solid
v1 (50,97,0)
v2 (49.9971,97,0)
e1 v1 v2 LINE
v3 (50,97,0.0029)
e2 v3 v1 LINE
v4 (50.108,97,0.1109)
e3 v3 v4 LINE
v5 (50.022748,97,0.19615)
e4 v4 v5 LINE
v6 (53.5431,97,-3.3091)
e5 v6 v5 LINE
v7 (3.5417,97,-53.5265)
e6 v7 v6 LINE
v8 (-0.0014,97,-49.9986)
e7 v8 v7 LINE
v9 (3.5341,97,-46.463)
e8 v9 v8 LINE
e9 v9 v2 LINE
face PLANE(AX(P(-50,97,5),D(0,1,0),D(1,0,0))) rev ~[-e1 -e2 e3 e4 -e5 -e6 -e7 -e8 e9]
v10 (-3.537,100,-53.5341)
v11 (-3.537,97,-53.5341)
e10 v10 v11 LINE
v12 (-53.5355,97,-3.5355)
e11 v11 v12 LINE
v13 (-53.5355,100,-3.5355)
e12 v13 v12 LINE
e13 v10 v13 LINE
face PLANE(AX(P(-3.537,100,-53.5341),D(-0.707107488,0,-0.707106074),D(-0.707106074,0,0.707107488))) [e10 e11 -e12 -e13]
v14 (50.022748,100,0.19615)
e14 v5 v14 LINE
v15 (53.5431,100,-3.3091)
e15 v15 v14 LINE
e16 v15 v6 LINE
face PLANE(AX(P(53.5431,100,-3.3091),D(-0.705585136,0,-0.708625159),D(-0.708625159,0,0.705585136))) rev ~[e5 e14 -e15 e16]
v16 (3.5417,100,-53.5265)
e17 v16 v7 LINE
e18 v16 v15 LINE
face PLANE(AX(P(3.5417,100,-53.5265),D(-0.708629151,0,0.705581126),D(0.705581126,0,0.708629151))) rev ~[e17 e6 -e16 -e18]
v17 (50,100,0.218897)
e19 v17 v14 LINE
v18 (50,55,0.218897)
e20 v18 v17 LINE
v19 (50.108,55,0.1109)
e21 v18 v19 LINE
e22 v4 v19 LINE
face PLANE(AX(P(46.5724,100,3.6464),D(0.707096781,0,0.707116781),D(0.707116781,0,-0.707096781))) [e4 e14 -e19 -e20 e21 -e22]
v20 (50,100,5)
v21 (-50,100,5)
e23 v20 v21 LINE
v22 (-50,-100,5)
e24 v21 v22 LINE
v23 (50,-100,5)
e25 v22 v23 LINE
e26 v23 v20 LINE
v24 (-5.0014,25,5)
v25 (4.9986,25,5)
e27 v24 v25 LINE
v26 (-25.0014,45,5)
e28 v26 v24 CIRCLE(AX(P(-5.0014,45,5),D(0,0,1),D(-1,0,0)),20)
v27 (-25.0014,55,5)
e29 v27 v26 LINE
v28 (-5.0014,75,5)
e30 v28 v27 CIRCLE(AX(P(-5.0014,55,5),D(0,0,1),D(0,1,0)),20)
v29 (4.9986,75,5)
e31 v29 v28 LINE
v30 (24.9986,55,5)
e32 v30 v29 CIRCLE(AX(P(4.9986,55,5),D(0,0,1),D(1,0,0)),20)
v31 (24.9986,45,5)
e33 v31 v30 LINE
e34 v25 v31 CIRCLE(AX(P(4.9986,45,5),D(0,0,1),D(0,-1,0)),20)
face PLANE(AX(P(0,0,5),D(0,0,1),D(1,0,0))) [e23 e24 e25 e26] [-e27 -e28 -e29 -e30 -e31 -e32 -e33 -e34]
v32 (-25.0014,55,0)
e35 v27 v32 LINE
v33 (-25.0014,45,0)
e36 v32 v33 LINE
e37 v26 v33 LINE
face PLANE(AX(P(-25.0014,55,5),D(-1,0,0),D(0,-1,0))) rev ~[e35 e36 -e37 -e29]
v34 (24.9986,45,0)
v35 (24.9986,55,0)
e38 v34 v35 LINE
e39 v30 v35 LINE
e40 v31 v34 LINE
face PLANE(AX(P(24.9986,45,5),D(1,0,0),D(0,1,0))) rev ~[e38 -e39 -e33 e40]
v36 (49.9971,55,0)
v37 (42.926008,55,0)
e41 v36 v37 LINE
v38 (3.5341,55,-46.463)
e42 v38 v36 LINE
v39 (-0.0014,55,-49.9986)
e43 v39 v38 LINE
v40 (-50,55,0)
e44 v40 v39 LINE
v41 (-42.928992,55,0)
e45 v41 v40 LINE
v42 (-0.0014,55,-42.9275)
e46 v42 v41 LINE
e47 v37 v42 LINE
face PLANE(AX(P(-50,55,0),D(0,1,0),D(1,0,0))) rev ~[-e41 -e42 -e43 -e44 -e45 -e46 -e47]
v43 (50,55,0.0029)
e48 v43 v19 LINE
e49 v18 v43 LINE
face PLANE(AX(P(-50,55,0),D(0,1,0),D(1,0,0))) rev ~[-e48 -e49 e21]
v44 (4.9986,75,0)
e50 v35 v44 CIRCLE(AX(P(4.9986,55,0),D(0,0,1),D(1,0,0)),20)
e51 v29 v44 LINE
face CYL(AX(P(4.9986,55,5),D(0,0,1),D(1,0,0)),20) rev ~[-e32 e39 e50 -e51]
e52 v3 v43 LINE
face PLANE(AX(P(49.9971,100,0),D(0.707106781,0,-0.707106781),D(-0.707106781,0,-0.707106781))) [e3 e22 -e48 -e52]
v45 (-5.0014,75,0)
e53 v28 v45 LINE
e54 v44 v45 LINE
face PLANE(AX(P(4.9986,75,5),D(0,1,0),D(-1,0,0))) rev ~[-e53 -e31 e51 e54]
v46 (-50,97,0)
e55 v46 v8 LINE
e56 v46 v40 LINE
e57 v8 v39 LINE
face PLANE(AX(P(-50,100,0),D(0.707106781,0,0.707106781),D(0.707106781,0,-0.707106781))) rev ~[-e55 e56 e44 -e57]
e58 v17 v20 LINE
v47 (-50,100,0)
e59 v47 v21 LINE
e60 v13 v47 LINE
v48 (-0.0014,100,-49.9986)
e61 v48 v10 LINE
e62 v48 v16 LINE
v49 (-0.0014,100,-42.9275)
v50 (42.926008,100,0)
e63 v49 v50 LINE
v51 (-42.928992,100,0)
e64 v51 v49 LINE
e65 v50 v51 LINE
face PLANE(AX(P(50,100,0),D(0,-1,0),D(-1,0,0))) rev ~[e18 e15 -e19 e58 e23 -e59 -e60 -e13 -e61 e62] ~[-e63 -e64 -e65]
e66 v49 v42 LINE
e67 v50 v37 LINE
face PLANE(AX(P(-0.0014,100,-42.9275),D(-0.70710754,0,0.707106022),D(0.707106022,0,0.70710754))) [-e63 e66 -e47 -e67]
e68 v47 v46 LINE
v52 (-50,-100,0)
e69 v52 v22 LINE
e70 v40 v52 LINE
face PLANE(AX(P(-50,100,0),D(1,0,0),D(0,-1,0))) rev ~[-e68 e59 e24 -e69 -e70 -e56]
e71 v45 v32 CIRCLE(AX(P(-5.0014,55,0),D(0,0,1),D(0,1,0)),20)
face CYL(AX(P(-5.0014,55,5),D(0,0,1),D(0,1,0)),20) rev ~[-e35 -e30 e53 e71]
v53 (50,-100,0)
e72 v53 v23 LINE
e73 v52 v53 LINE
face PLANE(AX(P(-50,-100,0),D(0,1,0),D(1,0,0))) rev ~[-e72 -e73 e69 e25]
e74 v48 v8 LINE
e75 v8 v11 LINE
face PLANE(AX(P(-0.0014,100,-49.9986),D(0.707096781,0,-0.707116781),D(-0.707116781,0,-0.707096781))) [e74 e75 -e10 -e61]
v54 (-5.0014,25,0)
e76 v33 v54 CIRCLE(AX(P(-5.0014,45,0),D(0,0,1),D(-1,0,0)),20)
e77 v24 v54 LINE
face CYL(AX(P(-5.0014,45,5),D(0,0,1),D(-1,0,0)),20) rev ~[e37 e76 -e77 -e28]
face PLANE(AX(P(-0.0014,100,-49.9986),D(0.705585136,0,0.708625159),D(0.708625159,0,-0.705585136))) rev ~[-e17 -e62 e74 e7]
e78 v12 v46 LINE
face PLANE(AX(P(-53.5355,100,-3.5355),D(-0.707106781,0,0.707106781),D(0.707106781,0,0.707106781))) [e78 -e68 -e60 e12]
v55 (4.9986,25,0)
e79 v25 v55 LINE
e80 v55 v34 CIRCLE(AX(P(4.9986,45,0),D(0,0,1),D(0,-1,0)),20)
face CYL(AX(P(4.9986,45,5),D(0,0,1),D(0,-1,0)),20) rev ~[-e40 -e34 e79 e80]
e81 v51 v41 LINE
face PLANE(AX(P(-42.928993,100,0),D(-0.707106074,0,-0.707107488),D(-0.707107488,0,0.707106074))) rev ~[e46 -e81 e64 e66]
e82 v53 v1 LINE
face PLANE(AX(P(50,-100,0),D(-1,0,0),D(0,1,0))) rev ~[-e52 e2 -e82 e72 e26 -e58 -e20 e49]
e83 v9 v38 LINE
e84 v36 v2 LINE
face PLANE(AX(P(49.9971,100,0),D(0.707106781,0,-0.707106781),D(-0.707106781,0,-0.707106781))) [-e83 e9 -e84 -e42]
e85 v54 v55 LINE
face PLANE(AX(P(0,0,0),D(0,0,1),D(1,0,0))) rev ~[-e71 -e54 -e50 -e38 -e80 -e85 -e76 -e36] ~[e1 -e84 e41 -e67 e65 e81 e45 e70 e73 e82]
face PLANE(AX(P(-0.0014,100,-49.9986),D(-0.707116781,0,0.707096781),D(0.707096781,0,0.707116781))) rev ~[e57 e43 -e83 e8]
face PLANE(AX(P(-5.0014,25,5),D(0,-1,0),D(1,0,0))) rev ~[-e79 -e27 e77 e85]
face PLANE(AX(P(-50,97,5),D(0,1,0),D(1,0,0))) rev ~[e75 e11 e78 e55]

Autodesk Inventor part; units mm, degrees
ref_plane "YZ Plane" through (0, 0, 0) normal (1, 0, 0) x (0, 1, 0)
ref_plane "XZ Plane" through (0, 0, 0) normal (0, 1, 0) x (-1, 0, 0)
ref_plane "XY Plane" through (0, 0, 0) normal (0, 0, 1) x (1, 0, 0)
sketch "Sketch1" plane through (0, 0, 0) normal (0, 0, 1) x (1, 0, 0)
  line L0 (-50, -100) -> (50, -100)
  line L1 (50, -100) -> (50, 100)
  line L2 (50, 100) -> (-50, 100)
  line L3 (-50, 100) -> (-50, -100)
  line L4 (-50, -100) -> (50, 100) construction
  line L5 (50, -100) -> (-50, 100) construction
  point P0 (0, 0)
  dimension "d0" = 100
  dimension "d1" = 200
extrude "Extrusion1" add sketch "Sketch1" along normal blind 5
sketch "Sketch2" plane through (-50, 100, 0) normal (0, 1, 0) x (1, 0, 0)
  line L0 (0, 0) -> (100, 0) projected
  line L1 (0, 0) -> (49.9986, 49.9986)
  line L2 (49.9986, 49.9986) -> (53.5341, 46.463)
  line L3 (53.5341, 46.463) -> (3.5355, -3.5355)
  line L4 (3.5355, -3.5355) -> (0, 0)
  line L5 (0, 0) -> (70.7086, 0) construction
  line L6 (100.108, -0.1109) -> (53.5341, 46.463)
  line L7 (53.5341, 46.463) -> (49.9986, 42.9275)
  line L8 (49.9986, 42.9275) -> (96.5724, -3.6464)
  line L9 (96.5724, -3.6464) -> (100.108, -0.1109)
  point P0 (50, 0)
  point P1 (49.9986, 42.9275)
  dimension "d4" = 45
  dimension "d5" = 5
  dimension "d6" = 5
extrude "Extrusion2" add sketch "Sketch2" against normal blind 45 contours L1 L2 L3 L0 | L0 L3 L4 | L8 L3 L6 L0 | L0 L6 L9 L8
sketch "Sketch6" plane through (0, 0, 5) normal (0, 0, 1) x (1, 0, 0)
  line L0 (4.9986, 75) -> (-5.0014, 75)
  line L1 (-25.0014, 55) -> (-25.0014, 45)
  line L2 (-5.0014, 25) -> (4.9986, 25)
  line L3 (24.9986, 45) -> (24.9986, 55)
  line L4 (24.9986, 75) -> (-25.0014, 25) construction
  line L5 (-25.0014, 75) -> (24.9986, 25) construction
  arc A0 (4.9986, 25) -> (24.9986, 45) centre (4.9986, 45) ccw
  arc A1 (24.9986, 55) -> (4.9986, 75) centre (4.9986, 55) ccw
  arc A2 (-5.0014, 75) -> (-25.0014, 55) centre (-5.0014, 55) ccw
  arc A3 (-25.0014, 45) -> (-5.0014, 25) centre (-5.0014, 45) ccw
  point P0 (0, 0)
  point P1 (-0.0014, 50)
  dimension "d21" = 50
  dimension "d22" = 50
  dimension "d23" = 20
extrude "Extrusion6" cut sketch "Sketch6" against normal blind 5
sketch "Sketch10" plane through (-50, 100, 5) normal (0, 1, 0) x (1, 0, 0)
  line L0 (0, 5) -> (7.0711, 5) projected
  line L1 (49.9986, 54.9986) -> (99.9971, 5) projected
  line L2 (0, 5) -> (49.9986, 54.9986)
  line L3 (49.9986, 54.9986) -> (46.463, 58.5341)
  line L4 (46.463, 58.5341) -> (-3.5355, 8.5355)
  line L5 (-3.5355, 8.5355) -> (0, 5)
  line L6 (100, 4.7812) -> (100, 0) projected
  line L7 (100, 4.7812) -> (49.9986, 54.9986)
  line L8 (49.9986, 54.9986) -> (53.5417, 58.5265)
  line L9 (53.5417, 58.5265) -> (103.5431, 8.3091)
  line L10 (103.5431, 8.3091) -> (100, 4.7812)
  line L11 (92.926, 5) -> (49.9986, 47.9275) projected
  line L12 (100, 0) -> (0, 0) projected
  line L13 (0, 0) -> (100, 0)
  point P0 (50, 5)
  dimension "d33" = 5
  dimension "d34" = 5
extrude "Extrusion9" add sketch "Sketch10" against normal blind 3
properties part number "fixation_v07"
